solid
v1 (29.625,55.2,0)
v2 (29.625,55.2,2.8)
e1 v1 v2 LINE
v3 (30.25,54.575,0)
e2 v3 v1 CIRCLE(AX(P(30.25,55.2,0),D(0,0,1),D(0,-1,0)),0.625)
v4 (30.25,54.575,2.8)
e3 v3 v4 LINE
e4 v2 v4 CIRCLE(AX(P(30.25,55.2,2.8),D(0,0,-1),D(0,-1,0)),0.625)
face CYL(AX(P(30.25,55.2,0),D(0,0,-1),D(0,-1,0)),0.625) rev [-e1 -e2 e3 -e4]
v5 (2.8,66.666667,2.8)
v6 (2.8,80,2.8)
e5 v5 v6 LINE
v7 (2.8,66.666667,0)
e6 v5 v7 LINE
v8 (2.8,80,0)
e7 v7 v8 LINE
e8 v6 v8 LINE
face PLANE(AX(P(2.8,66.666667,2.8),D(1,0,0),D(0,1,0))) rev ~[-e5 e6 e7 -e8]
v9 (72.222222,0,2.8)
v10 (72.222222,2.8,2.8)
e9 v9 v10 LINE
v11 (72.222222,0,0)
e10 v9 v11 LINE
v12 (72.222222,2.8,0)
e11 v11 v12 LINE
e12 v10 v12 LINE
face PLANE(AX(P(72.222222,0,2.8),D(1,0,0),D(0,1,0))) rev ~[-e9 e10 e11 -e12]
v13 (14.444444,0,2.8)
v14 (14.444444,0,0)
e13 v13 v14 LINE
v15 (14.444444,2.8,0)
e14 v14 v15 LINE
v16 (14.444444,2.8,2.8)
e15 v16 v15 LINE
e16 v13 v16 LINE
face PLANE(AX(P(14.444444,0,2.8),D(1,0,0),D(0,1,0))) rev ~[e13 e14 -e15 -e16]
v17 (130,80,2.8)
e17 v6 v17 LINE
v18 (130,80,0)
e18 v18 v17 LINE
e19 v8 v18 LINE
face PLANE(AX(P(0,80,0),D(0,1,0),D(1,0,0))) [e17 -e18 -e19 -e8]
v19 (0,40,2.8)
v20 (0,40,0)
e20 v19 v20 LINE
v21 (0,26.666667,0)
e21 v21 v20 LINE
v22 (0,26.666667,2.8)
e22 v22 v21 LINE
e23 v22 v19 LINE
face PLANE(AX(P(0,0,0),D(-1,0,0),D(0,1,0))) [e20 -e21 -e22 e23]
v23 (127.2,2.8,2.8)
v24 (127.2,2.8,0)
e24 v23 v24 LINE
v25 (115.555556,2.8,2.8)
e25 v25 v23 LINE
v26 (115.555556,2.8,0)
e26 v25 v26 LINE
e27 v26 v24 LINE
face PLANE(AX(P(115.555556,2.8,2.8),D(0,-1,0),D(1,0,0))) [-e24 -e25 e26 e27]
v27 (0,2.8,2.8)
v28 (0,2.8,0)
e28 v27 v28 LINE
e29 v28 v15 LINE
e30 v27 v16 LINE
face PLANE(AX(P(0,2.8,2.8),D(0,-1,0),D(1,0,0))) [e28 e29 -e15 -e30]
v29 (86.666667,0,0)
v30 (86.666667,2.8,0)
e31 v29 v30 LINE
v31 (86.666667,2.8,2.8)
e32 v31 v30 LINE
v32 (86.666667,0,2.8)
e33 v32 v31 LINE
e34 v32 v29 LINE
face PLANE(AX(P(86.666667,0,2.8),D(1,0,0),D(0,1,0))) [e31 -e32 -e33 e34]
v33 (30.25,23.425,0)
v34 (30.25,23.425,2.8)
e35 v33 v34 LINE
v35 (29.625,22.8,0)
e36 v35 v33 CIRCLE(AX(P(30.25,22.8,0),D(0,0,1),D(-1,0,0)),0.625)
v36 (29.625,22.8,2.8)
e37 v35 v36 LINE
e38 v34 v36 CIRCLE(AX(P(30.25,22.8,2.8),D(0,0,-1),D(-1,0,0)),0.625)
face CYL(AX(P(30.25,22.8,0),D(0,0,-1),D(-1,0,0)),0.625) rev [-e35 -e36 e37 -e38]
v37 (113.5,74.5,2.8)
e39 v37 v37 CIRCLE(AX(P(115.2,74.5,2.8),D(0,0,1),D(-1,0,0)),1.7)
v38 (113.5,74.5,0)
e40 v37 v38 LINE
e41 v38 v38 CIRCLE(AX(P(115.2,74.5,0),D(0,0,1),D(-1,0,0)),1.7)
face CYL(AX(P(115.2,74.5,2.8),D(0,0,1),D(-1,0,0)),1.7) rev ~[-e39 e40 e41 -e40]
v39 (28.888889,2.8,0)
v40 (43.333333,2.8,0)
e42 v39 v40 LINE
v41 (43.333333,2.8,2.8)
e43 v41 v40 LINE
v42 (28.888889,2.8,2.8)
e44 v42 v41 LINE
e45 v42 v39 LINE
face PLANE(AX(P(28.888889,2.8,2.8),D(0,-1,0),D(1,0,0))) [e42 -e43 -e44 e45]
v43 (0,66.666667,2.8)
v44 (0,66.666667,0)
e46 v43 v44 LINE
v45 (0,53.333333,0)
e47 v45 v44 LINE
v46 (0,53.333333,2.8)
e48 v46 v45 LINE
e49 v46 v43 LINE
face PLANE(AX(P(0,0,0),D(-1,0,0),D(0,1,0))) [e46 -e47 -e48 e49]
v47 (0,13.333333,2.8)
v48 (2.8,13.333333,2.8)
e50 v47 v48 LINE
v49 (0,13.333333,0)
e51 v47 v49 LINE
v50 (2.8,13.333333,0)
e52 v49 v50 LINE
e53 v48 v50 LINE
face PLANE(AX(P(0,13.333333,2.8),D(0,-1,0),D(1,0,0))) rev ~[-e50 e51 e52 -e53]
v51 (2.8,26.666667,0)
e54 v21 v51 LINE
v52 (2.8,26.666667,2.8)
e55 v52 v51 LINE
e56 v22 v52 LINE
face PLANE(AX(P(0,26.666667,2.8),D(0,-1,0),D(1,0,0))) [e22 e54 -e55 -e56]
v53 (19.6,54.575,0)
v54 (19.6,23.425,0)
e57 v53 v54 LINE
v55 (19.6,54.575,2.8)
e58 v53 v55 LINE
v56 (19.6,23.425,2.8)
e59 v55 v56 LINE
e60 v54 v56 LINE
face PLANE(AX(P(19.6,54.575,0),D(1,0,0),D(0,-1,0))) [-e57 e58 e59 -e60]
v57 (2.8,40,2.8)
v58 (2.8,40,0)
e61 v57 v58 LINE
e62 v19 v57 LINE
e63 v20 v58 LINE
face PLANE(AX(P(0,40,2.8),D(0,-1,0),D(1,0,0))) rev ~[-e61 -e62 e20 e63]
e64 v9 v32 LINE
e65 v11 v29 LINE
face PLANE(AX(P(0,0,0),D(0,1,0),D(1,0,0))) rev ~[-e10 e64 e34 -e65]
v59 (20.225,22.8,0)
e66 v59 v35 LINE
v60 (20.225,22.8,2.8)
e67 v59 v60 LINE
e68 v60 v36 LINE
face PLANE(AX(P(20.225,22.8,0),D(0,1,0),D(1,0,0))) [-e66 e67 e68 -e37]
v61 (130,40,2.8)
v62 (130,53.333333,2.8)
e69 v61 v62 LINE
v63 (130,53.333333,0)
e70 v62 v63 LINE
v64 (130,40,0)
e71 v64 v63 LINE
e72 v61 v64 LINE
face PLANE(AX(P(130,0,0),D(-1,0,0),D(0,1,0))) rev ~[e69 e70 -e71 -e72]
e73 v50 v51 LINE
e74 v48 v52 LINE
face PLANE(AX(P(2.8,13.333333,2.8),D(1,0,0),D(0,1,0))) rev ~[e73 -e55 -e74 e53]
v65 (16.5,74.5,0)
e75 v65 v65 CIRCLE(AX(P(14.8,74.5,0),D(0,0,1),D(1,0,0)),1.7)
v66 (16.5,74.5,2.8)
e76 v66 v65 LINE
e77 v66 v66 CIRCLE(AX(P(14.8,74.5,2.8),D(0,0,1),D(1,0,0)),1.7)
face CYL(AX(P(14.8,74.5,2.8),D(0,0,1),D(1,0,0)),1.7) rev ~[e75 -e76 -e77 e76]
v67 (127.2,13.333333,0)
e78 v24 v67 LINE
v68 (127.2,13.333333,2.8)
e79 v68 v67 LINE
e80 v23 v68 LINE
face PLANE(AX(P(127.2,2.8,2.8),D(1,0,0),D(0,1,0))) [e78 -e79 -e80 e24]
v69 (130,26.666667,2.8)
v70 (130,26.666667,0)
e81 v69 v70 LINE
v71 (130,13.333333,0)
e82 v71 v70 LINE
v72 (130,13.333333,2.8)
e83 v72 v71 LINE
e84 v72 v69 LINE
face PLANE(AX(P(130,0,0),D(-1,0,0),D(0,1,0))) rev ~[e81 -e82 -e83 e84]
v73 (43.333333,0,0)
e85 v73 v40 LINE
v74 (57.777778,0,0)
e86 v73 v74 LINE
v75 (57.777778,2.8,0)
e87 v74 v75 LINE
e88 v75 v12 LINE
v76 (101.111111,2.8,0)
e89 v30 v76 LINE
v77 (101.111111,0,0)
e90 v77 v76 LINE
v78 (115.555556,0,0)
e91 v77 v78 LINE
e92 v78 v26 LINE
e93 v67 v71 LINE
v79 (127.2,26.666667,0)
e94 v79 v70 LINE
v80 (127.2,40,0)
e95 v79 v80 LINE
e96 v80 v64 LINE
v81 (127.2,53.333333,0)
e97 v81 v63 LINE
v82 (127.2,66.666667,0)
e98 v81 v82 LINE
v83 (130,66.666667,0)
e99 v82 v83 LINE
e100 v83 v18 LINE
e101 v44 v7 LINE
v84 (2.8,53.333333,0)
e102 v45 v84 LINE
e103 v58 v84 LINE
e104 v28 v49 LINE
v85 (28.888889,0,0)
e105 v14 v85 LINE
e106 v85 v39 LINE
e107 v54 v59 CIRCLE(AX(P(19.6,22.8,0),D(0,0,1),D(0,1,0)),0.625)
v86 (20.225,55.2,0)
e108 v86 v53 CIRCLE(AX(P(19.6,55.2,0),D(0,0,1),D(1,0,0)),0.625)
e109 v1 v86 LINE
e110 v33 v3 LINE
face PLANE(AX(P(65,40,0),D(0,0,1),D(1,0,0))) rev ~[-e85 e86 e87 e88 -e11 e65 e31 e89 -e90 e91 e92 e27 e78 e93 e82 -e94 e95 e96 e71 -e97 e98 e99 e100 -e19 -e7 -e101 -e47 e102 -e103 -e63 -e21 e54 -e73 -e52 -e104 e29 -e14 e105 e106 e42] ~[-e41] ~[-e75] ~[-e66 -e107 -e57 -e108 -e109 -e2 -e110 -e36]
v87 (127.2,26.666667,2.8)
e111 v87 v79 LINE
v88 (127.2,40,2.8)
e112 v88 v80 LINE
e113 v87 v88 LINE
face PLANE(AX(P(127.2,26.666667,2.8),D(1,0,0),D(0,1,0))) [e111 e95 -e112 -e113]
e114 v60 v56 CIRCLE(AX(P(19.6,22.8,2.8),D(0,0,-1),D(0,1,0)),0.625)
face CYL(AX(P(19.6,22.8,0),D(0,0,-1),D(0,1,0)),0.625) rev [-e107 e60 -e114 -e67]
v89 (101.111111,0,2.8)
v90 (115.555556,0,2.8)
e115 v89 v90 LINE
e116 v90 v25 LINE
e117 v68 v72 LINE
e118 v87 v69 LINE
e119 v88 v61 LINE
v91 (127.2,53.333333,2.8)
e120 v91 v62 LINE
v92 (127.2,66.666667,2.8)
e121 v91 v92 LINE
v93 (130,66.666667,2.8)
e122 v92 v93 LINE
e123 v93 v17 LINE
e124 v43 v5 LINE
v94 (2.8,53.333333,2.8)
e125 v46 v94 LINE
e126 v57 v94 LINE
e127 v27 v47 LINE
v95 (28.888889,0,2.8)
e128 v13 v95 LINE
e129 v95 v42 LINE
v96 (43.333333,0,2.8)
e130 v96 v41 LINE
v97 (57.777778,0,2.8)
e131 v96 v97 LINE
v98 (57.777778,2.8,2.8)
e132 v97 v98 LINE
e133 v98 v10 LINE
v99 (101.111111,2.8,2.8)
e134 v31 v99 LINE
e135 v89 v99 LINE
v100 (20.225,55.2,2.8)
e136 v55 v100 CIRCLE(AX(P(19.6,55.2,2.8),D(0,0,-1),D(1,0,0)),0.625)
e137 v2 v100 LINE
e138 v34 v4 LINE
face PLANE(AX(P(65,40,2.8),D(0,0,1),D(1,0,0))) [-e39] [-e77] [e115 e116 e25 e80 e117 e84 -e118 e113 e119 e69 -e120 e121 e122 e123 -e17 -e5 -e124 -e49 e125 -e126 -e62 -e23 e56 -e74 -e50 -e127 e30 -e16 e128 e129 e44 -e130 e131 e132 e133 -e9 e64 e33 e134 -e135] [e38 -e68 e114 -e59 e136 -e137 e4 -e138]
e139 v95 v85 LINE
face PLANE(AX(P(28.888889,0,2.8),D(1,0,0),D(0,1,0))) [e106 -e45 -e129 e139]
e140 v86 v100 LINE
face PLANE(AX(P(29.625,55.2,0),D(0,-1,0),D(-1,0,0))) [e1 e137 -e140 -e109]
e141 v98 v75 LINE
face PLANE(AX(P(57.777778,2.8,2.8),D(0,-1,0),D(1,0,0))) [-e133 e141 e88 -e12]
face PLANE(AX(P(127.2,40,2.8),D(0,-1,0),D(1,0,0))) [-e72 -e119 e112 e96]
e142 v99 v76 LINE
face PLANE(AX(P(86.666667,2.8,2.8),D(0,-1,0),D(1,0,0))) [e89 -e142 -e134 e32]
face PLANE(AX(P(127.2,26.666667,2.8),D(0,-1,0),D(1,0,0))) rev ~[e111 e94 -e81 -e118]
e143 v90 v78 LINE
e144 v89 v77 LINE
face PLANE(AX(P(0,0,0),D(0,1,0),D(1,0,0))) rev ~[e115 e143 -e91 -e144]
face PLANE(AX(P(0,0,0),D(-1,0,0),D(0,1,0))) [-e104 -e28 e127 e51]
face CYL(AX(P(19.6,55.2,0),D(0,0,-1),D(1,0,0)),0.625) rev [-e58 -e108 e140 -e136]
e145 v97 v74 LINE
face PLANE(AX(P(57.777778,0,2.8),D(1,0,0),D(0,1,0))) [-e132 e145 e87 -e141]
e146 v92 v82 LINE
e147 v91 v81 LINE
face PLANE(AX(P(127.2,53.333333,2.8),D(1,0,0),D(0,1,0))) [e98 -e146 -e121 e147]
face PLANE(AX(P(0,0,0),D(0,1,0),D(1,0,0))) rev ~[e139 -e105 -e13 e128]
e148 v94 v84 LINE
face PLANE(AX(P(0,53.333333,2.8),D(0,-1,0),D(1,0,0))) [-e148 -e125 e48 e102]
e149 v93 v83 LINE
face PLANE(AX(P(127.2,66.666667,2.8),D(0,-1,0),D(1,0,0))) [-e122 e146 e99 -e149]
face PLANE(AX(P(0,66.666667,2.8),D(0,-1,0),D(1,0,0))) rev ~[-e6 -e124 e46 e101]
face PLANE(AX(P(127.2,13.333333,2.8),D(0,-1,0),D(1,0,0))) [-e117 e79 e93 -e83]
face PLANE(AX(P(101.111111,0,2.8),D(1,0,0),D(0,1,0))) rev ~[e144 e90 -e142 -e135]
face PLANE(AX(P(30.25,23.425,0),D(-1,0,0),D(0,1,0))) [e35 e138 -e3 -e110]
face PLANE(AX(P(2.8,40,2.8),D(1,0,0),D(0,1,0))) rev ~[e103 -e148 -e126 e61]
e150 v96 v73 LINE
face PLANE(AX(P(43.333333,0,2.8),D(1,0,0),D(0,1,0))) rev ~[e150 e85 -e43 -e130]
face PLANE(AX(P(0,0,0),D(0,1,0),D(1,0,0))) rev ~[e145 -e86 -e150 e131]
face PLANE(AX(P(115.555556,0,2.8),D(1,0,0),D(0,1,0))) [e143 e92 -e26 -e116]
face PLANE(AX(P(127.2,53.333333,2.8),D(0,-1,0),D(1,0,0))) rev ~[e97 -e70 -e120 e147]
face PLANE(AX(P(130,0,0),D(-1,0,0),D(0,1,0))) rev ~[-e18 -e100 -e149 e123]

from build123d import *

# Parameters (mm, degrees)
SKETCH1_W           = 130
SKETCH1_H           = 80
BOSS_EXTRUDE1_DEPTH = 2.8
SKETCH2_W           = 14.444444444
SKETCH2_H           = 2.8
SKETCH2_W_2         = 2.8
SKETCH2_H_2         = 13.333333334
SKETCH2_H_3         = 13.333333333
CUT_EXTRUDE1_DEPTH  = 153.669053839
CUT_EXTRUDE2_REACH  = 154.669
SKETCH3_R           = 1.7
CUT_EXTRUDE3_REACH  = 154.669


with BuildPart() as part:
    # Sketch1 → Boss-Extrude1 (new body)
    with BuildSketch(Plane.XY):
        with Locations((65, 40)):
            Rectangle(SKETCH1_W, SKETCH1_H)
    extrude(amount=BOSS_EXTRUDE1_DEPTH)

    # Sketch2 → Cut-Extrude1 (cut, through all)
    with BuildSketch(Plane.XY.offset(2.8)):
        with Locations((7.222222222, 1.4)):
            Rectangle(SKETCH2_W, SKETCH2_H)
        with Locations((36.111111111, 1.4)):
            Rectangle(SKETCH2_W, SKETCH2_H)
        with Locations((65, 1.4)):
            Rectangle(SKETCH2_W, SKETCH2_H)
        with Locations((93.888888889, 1.4)):
            Rectangle(SKETCH2_W, SKETCH2_H)
        Polygon((115.555555556, 0), (115.555555556, 2.8), (127.2, 2.8), (127.2, 13.333333333), (130, 13.333333333), (130, 0), align=None)
        with Locations((1.4, 20)):
            Rectangle(SKETCH2_W_2, SKETCH2_H_2)
        with Locations((1.4, 46.666666667)):
            Rectangle(SKETCH2_W_2, SKETCH2_H_3)
        with Locations((1.4, 73.333333334)):
            Rectangle(SKETCH2_W_2, SKETCH2_H_3)
        with Locations((128.6, 33.333333334)):
            Rectangle(SKETCH2_W_2, SKETCH2_H_3)
        with Locations((128.6, 60)):
            Rectangle(SKETCH2_W_2, SKETCH2_H_2)
    extrude(amount=-CUT_EXTRUDE1_DEPTH, mode=Mode.SUBTRACT)

    # Sketch3 → Cut-Extrude2 (cut, up to next)
    with BuildSketch(Plane.XY.offset(2.8), mode=Mode.PRIVATE) as cut_extrude2_sk1:
        with Locations((14.8, 74.5)):
            Circle(SKETCH3_R)
    cut_extrude2_tool1 = extrude(cut_extrude2_sk1.sketch, amount=-CUT_EXTRUDE2_REACH, mode=Mode.PRIVATE) & part.part
    # Sketch3 → Cut-Extrude2 (cut, up to next)
    with BuildSketch(Plane.XY.offset(2.8), mode=Mode.PRIVATE) as cut_extrude2_sk2:
        with Locations(Location((115.2, 74.5, 0), (0, 0, 180))):
            Circle(SKETCH3_R)
    cut_extrude2_tool2 = extrude(cut_extrude2_sk2.sketch, amount=-CUT_EXTRUDE2_REACH, mode=Mode.PRIVATE) & part.part
    add(cut_extrude2_tool1.solids().sort_by_distance((14.8, 74.5, 2.8))[0], mode=Mode.SUBTRACT)
    add(cut_extrude2_tool2.solids().sort_by_distance((115.2, 74.5, 2.8))[0], mode=Mode.SUBTRACT)

    # Sketch4 → Cut-Extrude3 (cut, up to next)
    with BuildSketch(Plane(origin=(0, 0, 0), x_dir=(-1, 0, 0), z_dir=(0, 0, -1)), mode=Mode.PRIVATE) as cut_extrude3_sk1:
        with BuildLine():
            Line((-29.625, 55.2), (-20.225, 55.2))
            ThreePointArc((-20.225, 55.2), (-19.158058262, 55.641941738), (-19.6, 54.575))
            Line((-19.6, 54.575), (-19.6, 23.425))
            ThreePointArc((-19.6, 23.425), (-19.158058262, 22.358058262), (-20.225, 22.8))
            Line((-20.225, 22.8), (-29.625, 22.8))
            ThreePointArc((-29.625, 22.8), (-30.691941738, 22.358058262), (-30.25, 23.425))
            Line((-30.25, 23.425), (-30.25, 54.575))
            ThreePointArc((-30.25, 54.575), (-30.691941738, 55.641941738), (-29.625, 55.2))
        make_face()
    cut_extrude3_tool1 = extrude(cut_extrude3_sk1.sketch, amount=-CUT_EXTRUDE3_REACH, mode=Mode.PRIVATE) & part.part
    add(cut_extrude3_tool1.solids().sort_by_distance((24.925, 39, 0))[0], mode=Mode.SUBTRACT)


solid = part.part
